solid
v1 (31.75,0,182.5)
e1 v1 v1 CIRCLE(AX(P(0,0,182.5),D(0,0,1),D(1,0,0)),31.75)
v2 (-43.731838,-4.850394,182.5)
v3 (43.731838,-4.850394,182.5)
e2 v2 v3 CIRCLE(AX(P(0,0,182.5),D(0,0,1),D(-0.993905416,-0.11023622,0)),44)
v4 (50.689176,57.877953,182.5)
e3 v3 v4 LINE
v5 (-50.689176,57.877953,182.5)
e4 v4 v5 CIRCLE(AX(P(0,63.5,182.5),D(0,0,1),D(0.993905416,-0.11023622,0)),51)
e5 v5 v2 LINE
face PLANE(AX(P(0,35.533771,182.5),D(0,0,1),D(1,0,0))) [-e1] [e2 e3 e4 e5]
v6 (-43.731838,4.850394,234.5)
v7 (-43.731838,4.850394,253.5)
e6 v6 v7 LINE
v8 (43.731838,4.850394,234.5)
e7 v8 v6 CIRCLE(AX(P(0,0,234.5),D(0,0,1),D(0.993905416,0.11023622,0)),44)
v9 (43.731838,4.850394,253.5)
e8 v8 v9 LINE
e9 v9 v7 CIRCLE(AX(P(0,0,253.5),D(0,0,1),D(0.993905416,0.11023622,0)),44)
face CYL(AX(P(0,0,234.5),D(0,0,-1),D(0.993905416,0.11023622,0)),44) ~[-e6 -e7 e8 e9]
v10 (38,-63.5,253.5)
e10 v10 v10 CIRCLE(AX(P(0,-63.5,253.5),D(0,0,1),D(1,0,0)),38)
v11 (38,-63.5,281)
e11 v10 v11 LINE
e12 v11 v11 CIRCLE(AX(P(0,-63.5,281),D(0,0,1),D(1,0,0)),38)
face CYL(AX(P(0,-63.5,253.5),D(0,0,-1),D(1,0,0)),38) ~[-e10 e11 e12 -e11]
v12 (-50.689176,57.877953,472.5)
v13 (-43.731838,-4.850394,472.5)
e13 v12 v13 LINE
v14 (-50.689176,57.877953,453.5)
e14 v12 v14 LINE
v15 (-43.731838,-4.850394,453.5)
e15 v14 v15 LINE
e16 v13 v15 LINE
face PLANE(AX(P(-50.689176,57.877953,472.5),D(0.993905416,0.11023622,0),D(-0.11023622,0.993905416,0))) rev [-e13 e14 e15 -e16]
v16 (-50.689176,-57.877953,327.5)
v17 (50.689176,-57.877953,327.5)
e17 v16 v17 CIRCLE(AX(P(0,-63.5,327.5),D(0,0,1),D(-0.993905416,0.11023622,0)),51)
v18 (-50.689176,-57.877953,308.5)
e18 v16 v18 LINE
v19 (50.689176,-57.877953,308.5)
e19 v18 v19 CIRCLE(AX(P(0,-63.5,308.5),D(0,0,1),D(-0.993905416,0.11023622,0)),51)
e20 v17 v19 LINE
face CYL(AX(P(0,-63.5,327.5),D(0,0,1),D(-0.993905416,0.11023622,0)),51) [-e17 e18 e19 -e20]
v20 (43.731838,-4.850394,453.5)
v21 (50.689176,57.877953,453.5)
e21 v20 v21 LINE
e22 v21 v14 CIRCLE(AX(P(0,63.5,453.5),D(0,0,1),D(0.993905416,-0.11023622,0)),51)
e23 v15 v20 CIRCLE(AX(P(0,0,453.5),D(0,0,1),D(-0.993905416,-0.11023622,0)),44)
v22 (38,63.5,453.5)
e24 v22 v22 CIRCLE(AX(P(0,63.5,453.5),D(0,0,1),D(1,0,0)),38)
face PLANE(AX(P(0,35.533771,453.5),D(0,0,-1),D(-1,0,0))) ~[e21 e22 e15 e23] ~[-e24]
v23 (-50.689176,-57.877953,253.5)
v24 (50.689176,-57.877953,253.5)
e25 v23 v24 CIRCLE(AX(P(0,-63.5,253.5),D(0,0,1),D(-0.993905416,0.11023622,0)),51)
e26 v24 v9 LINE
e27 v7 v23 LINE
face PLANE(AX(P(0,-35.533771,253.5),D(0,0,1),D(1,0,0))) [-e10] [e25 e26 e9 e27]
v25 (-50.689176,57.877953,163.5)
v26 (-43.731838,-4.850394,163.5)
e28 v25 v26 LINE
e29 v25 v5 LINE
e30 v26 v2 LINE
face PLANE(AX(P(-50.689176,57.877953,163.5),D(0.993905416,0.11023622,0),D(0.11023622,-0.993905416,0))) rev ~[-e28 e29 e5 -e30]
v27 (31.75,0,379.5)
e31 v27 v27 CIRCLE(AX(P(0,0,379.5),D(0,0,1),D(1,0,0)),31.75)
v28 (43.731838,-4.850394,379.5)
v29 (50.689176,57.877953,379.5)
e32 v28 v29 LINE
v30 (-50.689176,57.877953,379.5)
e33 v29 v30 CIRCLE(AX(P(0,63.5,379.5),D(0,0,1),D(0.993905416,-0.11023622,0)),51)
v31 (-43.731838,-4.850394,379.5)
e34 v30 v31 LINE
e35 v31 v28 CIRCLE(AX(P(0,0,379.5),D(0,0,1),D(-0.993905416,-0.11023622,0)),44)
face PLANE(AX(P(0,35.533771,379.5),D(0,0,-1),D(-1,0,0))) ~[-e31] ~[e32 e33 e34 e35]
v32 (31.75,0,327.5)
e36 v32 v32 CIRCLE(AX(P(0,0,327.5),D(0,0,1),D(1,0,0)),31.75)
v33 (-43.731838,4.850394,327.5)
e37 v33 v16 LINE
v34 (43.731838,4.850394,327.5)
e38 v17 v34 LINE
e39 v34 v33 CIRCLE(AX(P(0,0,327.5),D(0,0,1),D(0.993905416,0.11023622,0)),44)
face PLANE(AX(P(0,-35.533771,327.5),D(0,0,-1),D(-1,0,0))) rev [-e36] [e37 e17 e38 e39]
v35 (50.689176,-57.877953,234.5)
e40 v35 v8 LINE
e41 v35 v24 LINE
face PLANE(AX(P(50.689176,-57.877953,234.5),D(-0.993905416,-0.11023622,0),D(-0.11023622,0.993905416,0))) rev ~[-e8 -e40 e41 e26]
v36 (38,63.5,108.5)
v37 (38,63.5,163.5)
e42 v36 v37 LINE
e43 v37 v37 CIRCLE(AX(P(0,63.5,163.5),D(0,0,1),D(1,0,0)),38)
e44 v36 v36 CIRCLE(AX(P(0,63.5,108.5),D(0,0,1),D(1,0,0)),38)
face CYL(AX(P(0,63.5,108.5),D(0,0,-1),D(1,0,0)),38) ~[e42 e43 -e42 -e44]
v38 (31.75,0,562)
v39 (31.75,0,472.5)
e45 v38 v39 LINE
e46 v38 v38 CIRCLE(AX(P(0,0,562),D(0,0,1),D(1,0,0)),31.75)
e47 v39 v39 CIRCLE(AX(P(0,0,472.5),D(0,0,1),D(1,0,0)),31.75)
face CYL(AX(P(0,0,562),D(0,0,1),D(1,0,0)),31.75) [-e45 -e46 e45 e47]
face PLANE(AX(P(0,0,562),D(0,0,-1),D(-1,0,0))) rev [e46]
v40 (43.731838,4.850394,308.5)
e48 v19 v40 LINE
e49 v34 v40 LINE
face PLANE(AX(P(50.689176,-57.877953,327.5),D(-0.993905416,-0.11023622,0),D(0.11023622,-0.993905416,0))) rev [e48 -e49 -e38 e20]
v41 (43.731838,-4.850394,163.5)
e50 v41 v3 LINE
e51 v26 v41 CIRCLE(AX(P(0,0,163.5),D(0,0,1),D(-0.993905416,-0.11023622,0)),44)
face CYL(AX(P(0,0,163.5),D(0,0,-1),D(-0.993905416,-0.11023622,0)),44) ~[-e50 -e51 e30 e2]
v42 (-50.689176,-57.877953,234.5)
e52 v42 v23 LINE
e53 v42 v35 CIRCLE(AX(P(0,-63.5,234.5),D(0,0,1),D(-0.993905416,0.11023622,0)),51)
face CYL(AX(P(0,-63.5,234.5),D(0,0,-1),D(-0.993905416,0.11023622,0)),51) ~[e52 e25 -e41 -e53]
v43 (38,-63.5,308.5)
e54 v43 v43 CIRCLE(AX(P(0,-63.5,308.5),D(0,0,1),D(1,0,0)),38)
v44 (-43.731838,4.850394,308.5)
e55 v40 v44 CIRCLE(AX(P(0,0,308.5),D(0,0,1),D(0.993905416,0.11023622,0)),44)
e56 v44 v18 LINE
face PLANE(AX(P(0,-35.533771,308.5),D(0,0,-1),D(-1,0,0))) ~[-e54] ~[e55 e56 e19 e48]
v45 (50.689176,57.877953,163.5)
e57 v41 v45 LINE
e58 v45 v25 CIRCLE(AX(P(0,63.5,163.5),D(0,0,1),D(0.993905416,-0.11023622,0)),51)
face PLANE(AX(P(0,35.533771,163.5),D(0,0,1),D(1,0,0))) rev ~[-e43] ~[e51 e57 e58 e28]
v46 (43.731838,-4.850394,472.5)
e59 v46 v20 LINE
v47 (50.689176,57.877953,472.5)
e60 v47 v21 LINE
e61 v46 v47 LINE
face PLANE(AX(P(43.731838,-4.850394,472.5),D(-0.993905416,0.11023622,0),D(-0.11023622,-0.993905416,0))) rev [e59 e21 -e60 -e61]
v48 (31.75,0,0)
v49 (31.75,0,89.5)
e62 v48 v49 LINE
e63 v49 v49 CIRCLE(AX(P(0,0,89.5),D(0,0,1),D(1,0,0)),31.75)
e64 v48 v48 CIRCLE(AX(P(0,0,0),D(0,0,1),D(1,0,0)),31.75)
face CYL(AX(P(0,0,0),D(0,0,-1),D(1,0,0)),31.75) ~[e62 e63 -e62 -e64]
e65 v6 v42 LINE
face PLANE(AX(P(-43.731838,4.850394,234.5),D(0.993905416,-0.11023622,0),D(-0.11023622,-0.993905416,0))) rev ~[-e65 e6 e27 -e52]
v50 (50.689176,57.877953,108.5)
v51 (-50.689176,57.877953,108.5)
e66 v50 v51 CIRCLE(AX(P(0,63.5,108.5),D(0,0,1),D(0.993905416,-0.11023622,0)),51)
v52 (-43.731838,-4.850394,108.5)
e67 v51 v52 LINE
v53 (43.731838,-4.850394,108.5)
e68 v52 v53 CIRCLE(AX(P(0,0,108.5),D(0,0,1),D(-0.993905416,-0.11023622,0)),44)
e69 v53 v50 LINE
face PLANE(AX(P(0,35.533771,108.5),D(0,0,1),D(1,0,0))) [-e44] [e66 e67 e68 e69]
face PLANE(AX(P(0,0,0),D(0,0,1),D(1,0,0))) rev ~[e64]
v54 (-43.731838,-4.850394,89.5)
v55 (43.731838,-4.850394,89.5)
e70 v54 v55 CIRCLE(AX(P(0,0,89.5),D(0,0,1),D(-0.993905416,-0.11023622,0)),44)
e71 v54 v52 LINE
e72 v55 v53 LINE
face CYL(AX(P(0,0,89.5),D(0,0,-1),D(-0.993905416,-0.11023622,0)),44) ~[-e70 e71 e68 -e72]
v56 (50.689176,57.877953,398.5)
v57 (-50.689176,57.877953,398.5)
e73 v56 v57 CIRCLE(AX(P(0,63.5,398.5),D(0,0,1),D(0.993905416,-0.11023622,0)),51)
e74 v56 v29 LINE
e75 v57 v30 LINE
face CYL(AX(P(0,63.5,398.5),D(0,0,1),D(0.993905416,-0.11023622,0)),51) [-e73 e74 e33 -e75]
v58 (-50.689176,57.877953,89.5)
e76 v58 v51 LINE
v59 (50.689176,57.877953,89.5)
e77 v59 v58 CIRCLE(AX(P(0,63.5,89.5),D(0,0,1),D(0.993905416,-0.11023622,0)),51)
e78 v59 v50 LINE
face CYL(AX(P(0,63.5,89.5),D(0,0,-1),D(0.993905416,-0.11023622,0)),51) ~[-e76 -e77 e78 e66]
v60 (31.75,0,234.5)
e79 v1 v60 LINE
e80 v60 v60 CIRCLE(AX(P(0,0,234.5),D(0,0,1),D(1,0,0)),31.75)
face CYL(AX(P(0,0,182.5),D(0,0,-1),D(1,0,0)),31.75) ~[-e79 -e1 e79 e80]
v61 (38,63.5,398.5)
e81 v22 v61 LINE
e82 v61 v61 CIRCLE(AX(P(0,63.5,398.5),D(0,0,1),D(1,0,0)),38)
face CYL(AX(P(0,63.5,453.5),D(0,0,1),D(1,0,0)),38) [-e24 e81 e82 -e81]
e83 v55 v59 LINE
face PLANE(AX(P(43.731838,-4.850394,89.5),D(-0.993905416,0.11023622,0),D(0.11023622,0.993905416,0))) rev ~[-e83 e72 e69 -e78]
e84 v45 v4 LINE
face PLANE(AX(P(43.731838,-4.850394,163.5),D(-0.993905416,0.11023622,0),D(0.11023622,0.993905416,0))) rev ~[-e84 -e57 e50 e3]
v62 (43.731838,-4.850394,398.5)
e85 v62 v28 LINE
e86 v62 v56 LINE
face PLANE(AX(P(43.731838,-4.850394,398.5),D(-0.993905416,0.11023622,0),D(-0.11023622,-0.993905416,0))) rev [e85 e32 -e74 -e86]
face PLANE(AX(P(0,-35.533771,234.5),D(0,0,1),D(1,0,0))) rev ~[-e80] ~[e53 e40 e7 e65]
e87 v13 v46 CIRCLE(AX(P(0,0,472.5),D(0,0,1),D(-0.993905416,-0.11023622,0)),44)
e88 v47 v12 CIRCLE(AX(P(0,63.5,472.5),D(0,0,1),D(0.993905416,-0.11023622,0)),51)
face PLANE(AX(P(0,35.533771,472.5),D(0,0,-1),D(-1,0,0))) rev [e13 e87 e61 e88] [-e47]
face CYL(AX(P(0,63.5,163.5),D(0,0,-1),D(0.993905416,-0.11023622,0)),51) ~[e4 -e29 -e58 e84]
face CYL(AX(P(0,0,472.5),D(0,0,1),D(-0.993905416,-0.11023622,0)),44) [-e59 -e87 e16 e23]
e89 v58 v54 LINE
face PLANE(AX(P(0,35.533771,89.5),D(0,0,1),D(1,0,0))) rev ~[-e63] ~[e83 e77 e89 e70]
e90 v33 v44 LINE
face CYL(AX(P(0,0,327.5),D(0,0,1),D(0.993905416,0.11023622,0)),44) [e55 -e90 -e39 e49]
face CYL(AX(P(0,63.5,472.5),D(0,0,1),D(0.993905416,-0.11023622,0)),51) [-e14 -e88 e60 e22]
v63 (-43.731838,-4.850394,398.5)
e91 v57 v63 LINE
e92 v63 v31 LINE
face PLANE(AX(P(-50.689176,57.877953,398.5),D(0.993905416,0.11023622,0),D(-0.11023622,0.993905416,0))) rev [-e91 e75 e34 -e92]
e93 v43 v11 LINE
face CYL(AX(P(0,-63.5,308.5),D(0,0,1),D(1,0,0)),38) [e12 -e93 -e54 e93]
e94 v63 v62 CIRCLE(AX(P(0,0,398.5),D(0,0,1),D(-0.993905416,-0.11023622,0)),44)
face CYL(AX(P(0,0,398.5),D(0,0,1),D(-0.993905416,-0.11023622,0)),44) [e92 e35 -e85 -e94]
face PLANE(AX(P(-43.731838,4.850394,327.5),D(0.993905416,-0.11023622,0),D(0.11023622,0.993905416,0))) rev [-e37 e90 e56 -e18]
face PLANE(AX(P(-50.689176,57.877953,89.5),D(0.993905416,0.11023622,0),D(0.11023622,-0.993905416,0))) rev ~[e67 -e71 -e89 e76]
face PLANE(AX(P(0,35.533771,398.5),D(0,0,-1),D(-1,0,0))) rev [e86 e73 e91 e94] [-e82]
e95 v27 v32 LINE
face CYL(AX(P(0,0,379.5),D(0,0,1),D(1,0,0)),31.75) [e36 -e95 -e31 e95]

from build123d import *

# Parameters (mm, degrees)
SKETCH1_R           = 31.75
BOSS_EXTRUDE1_DEPTH = 89.5
BOSS_EXTRUDE2_DEPTH = 19
SKETCH3_R           = 38
BOSS_EXTRUDE3_DEPTH = 55
BOSS_EXTRUDE4_DEPTH = 19
SKETCH6_R           = 31.75
BOSS_EXTRUDE5_DEPTH = 52
BOSS_EXTRUDE6_DEPTH = 19
SKETCH8_R           = 38
BOSS_EXTRUDE7_DEPTH = 27.5


with BuildPart() as part:
    # Sketch1 → Boss-Extrude1 (new body)
    with BuildSketch(Plane.XY):
        Circle(SKETCH1_R)
    extrude(amount=BOSS_EXTRUDE1_DEPTH)

    # Sketch2 → Boss-Extrude2 (add)
    with BuildSketch(Plane.XY.offset(89.5)):
        with BuildLine():
            Line((-50.689176209, 57.877952756), (-43.731838298, -4.850393701))
            ThreePointArc((-43.731838298, -4.850393701), (0, -44), (43.731838298, -4.850393701))
            Line((43.731838298, -4.850393701), (50.689176209, 57.877952756))
            ThreePointArc((50.689176209, 57.877952756), (0, 114.5), (-50.689176209, 57.877952756))
        make_face()
    extrude(amount=BOSS_EXTRUDE2_DEPTH)

    # Sketch3 → Boss-Extrude3 (add)
    with BuildSketch(Plane.XY.offset(108.5)):
        with Locations((0, 63.5)):
            Circle(SKETCH3_R)
    extrude(amount=BOSS_EXTRUDE3_DEPTH)

    # Sketch5 → Boss-Extrude4 (add)
    with BuildSketch(Plane.XY.offset(163.5)):
        with BuildLine():
            Line((-50.689176209, 57.877952756), (-43.731838298, -4.850393701))
            ThreePointArc((-43.731838298, -4.850393701), (0, -44), (43.731838298, -4.850393701))
            Line((43.731838298, -4.850393701), (50.689176209, 57.877952756))
            ThreePointArc((50.689176209, 57.877952756), (0, 114.5), (-50.689176209, 57.877952756))
        make_face()
    extrude(amount=BOSS_EXTRUDE4_DEPTH)

    # Sketch6 → Boss-Extrude5 (add)
    with BuildSketch(Plane.XY.offset(182.5)):
        Circle(SKETCH6_R)
    extrude(amount=BOSS_EXTRUDE5_DEPTH)

    # Sketch7 → Boss-Extrude6 (add)
    with BuildSketch(Plane.XY.offset(234.5)):
        with BuildLine():
            Line((50.689176209, -57.877952756), (43.731838298, 4.850393701))
            ThreePointArc((43.731838298, 4.850393701), (0, 44), (-43.731838298, 4.850393701))
            Line((-43.731838298, 4.850393701), (-50.689176209, -57.877952756))
            ThreePointArc((-50.689176209, -57.877952756), (0, -114.5), (50.689176209, -57.877952756))
        make_face()
    extrude(amount=BOSS_EXTRUDE6_DEPTH)

    # Sketch8 → Boss-Extrude7 (add)
    with BuildSketch(Plane.XY.offset(253.5)):
        with Locations((0, -63.5)):
            Circle(SKETCH8_R)
    extrude(amount=BOSS_EXTRUDE7_DEPTH)

    # Mirror3: part across plane


with BuildPart() as part_1:
    add(part.part)
    add(part.part.mirror(Plane.XY.offset(281)))


solid = part_1.part
